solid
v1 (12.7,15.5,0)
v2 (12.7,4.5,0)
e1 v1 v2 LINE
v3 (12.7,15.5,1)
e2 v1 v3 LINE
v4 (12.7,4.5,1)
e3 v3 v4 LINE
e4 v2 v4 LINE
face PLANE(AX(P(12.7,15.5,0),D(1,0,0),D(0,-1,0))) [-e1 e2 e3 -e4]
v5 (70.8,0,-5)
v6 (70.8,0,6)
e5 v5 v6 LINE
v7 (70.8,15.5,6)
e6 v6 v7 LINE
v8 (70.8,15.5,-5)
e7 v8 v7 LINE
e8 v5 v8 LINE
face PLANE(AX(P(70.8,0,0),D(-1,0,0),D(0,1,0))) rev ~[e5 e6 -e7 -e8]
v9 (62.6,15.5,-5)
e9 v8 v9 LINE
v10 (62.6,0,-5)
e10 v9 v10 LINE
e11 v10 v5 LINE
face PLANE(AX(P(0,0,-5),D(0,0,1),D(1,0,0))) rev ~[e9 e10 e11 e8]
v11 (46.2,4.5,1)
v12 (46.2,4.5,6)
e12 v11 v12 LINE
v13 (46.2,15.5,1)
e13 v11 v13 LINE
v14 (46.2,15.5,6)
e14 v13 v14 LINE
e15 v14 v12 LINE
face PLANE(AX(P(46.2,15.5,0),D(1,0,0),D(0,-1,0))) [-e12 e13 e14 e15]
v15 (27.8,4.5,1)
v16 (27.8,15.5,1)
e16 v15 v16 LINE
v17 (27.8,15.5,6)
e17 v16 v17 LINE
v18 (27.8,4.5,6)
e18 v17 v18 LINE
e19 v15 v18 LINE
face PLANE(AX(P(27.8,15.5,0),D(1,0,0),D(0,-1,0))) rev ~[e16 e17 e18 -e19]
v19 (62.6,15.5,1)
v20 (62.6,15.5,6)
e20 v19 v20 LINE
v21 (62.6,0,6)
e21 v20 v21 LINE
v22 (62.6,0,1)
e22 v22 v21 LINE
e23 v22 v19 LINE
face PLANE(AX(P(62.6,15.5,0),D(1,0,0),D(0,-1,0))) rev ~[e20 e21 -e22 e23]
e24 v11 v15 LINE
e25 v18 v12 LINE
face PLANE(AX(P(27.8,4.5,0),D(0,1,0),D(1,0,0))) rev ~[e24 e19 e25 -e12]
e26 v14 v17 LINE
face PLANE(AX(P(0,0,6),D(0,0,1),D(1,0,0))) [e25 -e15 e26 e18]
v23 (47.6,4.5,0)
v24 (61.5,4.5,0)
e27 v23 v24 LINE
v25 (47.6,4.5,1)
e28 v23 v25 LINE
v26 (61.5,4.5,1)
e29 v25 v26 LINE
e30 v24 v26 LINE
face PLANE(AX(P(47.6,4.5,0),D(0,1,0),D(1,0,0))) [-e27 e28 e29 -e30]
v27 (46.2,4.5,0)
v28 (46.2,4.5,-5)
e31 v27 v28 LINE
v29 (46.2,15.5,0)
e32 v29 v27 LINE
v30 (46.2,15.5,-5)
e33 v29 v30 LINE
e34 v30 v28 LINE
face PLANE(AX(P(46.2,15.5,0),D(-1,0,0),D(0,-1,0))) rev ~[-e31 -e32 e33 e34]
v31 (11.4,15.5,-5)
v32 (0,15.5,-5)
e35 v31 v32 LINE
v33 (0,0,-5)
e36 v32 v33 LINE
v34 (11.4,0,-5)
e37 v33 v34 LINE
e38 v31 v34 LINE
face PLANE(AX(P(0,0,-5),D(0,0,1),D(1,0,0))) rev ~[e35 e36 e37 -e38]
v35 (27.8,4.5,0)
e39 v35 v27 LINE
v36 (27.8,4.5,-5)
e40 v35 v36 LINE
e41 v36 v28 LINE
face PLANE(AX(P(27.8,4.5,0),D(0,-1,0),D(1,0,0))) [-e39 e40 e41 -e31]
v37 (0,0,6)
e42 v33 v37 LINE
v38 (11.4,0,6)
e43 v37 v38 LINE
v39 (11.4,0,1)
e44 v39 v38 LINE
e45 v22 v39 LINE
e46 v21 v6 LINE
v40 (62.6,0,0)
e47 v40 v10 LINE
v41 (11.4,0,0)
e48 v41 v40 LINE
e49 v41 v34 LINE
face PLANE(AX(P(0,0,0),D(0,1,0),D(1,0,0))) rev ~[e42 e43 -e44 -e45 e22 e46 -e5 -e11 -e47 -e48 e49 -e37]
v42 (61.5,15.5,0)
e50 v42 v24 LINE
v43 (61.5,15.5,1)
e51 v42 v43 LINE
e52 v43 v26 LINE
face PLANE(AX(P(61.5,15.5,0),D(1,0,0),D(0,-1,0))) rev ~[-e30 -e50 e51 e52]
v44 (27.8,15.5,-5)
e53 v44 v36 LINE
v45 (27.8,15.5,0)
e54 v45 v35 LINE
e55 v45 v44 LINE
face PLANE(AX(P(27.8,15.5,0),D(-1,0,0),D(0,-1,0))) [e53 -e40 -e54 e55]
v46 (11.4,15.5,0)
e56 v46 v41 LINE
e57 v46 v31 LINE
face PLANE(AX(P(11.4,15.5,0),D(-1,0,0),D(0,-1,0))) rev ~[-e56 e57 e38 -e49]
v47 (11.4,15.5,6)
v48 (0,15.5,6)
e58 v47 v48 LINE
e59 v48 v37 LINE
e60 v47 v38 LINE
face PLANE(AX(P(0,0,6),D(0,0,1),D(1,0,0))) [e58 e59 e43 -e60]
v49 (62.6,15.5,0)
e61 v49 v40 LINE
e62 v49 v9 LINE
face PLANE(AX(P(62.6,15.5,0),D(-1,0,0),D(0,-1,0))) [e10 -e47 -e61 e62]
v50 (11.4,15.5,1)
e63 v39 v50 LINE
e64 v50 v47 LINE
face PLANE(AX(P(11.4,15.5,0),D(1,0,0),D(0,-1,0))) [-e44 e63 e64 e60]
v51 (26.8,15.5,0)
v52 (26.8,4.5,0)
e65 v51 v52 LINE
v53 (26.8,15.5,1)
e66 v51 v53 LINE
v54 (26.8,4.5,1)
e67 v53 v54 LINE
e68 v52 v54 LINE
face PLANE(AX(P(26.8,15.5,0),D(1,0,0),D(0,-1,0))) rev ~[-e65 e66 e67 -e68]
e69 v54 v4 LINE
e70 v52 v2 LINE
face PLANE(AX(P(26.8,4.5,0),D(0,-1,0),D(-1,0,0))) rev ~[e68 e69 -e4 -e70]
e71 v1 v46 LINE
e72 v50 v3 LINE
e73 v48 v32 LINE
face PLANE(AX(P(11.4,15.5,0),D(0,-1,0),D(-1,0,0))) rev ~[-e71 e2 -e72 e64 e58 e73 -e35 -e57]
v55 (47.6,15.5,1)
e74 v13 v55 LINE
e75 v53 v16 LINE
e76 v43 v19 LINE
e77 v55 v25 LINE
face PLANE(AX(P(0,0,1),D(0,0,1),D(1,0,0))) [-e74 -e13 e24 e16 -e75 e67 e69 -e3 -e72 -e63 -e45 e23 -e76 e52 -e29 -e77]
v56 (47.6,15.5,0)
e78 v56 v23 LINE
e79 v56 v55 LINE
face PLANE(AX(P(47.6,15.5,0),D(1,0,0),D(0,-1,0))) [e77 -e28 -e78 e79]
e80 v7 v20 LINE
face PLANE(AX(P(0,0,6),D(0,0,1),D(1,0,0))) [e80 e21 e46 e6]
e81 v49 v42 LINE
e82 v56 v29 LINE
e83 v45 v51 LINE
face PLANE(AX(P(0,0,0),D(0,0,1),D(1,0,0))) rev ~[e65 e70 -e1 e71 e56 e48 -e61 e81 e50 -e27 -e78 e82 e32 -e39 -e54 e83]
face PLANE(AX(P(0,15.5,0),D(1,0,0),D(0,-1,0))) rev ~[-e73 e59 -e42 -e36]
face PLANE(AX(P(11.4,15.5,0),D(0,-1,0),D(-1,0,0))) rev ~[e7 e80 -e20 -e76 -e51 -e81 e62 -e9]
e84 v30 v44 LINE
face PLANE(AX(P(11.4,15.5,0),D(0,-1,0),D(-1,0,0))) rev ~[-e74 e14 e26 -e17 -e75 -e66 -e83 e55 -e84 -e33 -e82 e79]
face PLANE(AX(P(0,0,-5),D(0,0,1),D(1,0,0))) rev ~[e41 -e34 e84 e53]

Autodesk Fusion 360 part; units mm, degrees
sketch "Sketch1" plane through (0, 0, 0) normal (0, 0, 1) x (1, 0, 0)
  line L0 (0, 0) -> (70.8, 0)
  line L1 (70.8, 0) -> (70.8, 15.5)
  line L2 (70.8, 15.5) -> (0, 15.5)
  line L3 (0, 15.5) -> (0, 0)
  line L4 (11.4, 15.5) -> (11.4, 0)
  line L5 (62.6, 15.5) -> (62.6, 0)
  line L6 (27.8, 15.5) -> (27.8, 4.5)
  line L7 (46.2, 15.5) -> (46.2, 4.5)
  line L8 (27.8, 4.5) -> (46.2, 4.5)
  line L9 (12.7, 15.5) -> (12.7, 4.5)
  line L10 (26.8, 15.5) -> (26.8, 4.5)
  line L11 (26.8, 4.5) -> (12.7, 4.5)
  line L12 (47.6, 15.5) -> (47.6, 4.5)
  line L13 (61.5, 15.5) -> (61.5, 4.5)
  line L14 (47.6, 4.5) -> (61.5, 4.5)
  dimension "d1" = 15.5
  dimension "d2" = 70.8
  dimension "d3" = 11.4
  dimension "d4" = 8.2
  dimension "d5" = 43
  dimension "d6" = 46.2
  dimension "d7" = 11
  dimension "d12" = 23.2
  dimension "d13" = 61.5
  dimension "d14" = 26.8
  dimension "d15" = 58.1
extrude "Extrude1" add sketch "Sketch1" along normal blind 1
extrude "Extrude2" add sketch "Sketch1" along normal blind 6 contours L0 L2 L3 L4 | L0 L1 L2 L5 | L2 L6 L7 L8
extrude "Extrude3" cut sketch "Sketch1" along normal blind 1 contours L2 L9 L10 L11 | L2 L12 L13 L14
extrude "Extrude4" add sketch "Sketch1" against normal blind 5 contours L0 L2 L3 L4 | L0 L1 L2 L5 | L2 L6 L7 L8
